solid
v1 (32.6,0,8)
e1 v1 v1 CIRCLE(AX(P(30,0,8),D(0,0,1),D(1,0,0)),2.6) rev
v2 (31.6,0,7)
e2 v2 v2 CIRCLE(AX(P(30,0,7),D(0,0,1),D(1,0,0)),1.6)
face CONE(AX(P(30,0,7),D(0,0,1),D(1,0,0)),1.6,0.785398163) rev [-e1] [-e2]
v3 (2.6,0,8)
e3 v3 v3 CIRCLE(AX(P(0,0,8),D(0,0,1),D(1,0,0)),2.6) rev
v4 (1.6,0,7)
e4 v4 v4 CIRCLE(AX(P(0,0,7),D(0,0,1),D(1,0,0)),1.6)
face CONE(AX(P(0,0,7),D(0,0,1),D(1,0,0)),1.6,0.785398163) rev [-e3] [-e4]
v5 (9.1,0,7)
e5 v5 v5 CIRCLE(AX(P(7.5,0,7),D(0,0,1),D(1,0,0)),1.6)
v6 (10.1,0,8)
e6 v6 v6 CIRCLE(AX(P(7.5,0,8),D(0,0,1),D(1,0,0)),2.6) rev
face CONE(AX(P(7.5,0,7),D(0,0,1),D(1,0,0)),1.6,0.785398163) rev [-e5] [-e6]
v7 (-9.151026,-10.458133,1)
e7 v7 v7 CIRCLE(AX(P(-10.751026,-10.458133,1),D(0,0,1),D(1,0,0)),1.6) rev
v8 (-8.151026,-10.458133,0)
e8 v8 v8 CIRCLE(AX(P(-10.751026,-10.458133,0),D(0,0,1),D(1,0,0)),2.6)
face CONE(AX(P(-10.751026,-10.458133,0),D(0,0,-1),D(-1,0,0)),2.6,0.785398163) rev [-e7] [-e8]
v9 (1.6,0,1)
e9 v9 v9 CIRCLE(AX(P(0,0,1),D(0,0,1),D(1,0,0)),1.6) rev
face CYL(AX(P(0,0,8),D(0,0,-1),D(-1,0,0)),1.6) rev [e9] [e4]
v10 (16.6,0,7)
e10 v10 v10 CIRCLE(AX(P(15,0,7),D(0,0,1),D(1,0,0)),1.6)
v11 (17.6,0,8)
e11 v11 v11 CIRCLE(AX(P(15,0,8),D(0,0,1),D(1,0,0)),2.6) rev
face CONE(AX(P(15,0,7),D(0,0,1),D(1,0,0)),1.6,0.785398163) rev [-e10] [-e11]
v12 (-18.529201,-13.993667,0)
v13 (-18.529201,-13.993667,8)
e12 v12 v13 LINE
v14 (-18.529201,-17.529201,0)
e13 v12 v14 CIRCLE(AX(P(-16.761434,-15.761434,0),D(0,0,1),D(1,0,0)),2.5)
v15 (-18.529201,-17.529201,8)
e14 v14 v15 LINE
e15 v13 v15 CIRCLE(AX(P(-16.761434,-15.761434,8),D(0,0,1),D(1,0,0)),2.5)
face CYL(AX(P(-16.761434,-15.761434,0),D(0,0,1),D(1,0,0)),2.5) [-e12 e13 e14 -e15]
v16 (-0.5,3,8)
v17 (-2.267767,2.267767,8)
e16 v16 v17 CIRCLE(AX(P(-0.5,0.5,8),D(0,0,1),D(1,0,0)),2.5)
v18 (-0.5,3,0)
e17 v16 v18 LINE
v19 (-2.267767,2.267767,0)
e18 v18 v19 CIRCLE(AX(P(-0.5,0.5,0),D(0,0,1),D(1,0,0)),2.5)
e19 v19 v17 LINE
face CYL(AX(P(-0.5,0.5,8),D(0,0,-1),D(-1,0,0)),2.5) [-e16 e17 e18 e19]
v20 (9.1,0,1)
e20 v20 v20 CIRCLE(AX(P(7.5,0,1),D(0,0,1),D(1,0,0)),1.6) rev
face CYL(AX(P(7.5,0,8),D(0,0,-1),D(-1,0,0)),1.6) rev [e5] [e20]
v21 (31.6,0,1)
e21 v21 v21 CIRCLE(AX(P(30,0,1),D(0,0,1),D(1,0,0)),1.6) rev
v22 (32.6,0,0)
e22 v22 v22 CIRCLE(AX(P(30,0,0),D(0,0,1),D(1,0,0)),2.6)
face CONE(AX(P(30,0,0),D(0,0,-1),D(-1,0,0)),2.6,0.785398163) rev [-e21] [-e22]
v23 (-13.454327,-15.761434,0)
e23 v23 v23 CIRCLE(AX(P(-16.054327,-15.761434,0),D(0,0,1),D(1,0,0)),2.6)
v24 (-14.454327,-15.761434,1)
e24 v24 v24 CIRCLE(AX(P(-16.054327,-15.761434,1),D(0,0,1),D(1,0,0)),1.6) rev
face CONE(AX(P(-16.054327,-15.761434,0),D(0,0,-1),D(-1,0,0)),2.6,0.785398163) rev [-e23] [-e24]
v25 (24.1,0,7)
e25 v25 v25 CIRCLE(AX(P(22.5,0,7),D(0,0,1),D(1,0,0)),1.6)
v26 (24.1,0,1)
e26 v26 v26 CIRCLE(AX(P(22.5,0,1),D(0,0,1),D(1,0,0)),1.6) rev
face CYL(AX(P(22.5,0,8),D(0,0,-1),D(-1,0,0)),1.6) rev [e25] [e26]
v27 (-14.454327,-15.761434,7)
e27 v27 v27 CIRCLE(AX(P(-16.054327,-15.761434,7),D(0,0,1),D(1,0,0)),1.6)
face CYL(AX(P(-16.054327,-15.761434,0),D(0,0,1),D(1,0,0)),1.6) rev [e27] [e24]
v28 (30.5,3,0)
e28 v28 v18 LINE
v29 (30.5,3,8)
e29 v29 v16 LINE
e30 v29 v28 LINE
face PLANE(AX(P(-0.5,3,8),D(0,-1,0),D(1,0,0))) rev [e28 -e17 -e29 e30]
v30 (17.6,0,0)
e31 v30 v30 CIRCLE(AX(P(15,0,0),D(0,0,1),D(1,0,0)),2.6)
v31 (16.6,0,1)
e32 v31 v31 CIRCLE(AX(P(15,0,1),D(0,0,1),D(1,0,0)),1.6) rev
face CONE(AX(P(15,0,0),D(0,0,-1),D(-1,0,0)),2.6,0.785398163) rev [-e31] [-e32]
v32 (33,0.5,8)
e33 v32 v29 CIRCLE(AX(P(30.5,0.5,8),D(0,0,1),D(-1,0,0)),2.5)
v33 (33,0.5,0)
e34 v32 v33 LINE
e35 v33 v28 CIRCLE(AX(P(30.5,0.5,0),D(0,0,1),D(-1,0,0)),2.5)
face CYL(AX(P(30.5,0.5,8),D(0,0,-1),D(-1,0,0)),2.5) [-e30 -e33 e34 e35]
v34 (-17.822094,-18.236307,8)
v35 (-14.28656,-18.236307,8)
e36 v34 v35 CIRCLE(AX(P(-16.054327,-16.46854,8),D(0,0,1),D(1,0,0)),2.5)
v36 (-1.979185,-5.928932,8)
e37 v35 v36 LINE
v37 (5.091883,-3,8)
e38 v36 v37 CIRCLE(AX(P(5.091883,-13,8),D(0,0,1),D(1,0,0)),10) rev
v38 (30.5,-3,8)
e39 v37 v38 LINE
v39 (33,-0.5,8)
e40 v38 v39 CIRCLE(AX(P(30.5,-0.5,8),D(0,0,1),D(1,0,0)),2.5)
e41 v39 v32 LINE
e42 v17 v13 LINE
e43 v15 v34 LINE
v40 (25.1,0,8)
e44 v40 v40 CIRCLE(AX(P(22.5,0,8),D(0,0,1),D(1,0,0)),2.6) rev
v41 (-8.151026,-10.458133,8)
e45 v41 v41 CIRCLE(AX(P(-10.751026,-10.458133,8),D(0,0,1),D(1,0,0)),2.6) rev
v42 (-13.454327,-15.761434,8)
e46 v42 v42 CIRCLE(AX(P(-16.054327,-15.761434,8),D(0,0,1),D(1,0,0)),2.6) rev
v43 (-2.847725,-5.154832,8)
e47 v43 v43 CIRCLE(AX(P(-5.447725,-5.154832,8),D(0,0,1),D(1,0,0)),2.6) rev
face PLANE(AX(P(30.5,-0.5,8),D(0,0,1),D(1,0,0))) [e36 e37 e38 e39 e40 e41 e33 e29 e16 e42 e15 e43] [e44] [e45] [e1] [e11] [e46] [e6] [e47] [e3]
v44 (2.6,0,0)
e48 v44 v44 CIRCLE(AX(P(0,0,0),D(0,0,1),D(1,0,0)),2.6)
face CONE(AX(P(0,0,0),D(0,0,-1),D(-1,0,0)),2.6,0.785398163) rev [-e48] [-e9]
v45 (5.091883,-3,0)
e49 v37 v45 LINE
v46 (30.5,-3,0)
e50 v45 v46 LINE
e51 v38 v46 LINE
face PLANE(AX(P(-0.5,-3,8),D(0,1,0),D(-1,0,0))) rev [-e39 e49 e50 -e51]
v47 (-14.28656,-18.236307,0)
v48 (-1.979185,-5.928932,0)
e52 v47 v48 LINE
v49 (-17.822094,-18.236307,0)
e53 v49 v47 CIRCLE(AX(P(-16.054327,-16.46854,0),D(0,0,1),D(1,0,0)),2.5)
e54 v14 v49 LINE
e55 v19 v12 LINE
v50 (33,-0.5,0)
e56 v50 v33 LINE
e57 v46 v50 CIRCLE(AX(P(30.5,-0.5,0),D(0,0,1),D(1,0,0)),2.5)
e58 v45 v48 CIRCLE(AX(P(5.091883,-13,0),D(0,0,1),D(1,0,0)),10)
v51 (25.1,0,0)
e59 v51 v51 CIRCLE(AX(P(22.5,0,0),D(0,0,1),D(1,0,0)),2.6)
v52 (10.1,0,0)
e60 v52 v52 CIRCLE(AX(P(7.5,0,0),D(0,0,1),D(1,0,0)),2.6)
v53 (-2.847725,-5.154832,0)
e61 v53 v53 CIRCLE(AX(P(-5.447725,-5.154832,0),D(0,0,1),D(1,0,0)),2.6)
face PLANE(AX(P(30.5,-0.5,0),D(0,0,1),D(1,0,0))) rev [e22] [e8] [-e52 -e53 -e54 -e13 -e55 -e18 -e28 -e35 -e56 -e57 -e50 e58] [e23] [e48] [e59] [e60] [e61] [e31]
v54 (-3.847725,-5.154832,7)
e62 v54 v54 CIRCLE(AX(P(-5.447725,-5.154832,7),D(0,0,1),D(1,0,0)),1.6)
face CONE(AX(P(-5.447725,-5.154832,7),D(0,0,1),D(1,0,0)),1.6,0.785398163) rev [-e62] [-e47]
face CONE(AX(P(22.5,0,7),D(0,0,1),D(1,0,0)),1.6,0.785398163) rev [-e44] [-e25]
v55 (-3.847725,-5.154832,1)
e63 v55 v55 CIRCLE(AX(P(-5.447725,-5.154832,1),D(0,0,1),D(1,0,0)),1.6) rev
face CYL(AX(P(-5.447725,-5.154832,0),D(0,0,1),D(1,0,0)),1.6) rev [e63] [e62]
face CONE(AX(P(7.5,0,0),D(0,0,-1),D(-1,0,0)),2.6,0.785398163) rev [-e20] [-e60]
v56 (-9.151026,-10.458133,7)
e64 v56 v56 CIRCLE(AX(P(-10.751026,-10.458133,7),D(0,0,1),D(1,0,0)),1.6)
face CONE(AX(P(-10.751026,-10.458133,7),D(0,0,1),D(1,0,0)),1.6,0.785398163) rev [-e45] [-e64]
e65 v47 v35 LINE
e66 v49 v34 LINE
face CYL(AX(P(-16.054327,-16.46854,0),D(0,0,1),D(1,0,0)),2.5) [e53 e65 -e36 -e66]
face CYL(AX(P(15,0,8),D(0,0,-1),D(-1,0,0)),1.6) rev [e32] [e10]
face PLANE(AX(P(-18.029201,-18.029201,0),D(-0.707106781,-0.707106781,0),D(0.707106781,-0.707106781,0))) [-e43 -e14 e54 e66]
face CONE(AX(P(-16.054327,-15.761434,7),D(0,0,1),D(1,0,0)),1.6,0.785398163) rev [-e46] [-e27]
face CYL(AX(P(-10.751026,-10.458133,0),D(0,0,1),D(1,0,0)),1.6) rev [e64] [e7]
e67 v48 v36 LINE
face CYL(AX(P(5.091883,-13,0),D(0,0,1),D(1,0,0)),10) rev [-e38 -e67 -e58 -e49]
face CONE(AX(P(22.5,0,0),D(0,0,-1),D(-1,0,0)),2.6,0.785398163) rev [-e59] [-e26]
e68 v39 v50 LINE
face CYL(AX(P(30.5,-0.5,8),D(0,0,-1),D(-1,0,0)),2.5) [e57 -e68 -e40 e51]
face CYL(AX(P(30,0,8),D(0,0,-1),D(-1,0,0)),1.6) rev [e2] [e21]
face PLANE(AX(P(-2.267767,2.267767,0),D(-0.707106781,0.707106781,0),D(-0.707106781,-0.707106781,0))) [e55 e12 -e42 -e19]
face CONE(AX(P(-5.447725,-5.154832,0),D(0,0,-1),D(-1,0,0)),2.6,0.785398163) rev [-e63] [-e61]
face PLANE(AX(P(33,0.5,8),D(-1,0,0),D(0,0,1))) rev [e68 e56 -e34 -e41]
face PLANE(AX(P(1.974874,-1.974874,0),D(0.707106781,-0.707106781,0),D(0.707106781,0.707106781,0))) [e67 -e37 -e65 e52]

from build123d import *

# Parameters (mm, degrees)
SKETCH1_R           = 1.6
BOSS_EXTRUDE1_DEPTH = 8
CHAMFER1_SIZE       = 1
SKETCH2_R           = 1.6
BOSS_EXTRUDE3_DEPTH = 8
FILLET1_R           = 10
CHAMFER2_SIZE       = 1


with BuildPart() as part:
    # Sketch1 → Boss-Extrude1 (new body)
    with BuildSketch(Plane.XY):
        with BuildLine():
            Line((-0.5, 3), (30.5, 3))
            ThreePointArc((30.5, 3), (32.267766953, 2.267766953), (33, 0.5))
            Line((33, 0.5), (33, -0.5))
            ThreePointArc((33, -0.5), (32.267766953, -2.267766953), (30.5, -3))
            Line((30.5, -3), (-0.5, -3))
            ThreePointArc((-0.5, -3), (-2.267766953, -2.267766953), (-3, -0.5))
            Line((-3, -0.5), (-3, 0.5))
            ThreePointArc((-3, 0.5), (-2.267766953, 2.267766953), (-0.5, 3))
        make_face()
        Circle(SKETCH1_R, mode=Mode.SUBTRACT)
        with Locations((7.5, 0)):
            Circle(SKETCH1_R, mode=Mode.SUBTRACT)
        with Locations((15, 0)):
            Circle(SKETCH1_R, mode=Mode.SUBTRACT)
        with Locations((22.5, 0)):
            Circle(SKETCH1_R, mode=Mode.SUBTRACT)
        with Locations((30, 0)):
            Circle(SKETCH1_R, mode=Mode.SUBTRACT)
    extrude(amount=BOSS_EXTRUDE1_DEPTH)

    # Chamfer1
    chamfer1_edges = [part.edges().sort_by_distance(p)[0] for p in [
        (-1.6, 0, 0),
        (-1.6, 0, 8),
        (5.9, 0, 0),
        (5.9, 0, 8),
        (13.4, 0, 0),
        (13.4, 0, 8),
        (20.9, 0, 0),
        (20.9, 0, 8),
        (28.4, 0, 0),
        (28.4, 0, 8),
    ]]
    chamfer(chamfer1_edges, length=CHAMFER1_SIZE)

    # Sketch2 → Boss-Extrude3 (add)
    with BuildSketch(Plane.XY.offset(8)):
        with BuildLine():
            ThreePointArc((-3, 0.5), (-2.809698831, 1.456708581), (-2.267766953, 2.267766953))
            Line((-2.267766953, 2.267766953), (-18.529200529, -13.993666623))
            ThreePointArc((-18.529200529, -13.993666623), (-19.261433576, -15.761433576), (-18.529200529, -17.529200529))
            Line((-18.529200529, -17.529200529), (-17.822093748, -18.23630731))
            ThreePointArc((-17.822093748, -18.23630731), (-16.054326795, -18.968540357), (-14.286559842, -18.23630731))
            Line((-14.286559842, -18.23630731), (0.949747468, -3))
            Line((0.949747468, -3), (-0.5, -3))
            ThreePointArc((-0.5, -3), (-2.267766953, -2.267766953), (-3, -0.5))
            Line((-3, -0.5), (-3, 0.5))
        make_face()
        with Locations((-16.054326795, -15.761433576)):
            Circle(SKETCH2_R, mode=Mode.SUBTRACT)
        with Locations((-10.751025936, -10.458132717)):
            Circle(SKETCH2_R, mode=Mode.SUBTRACT)
        with Locations((-5.447725077, -5.154831858)):
            Circle(SKETCH2_R, mode=Mode.SUBTRACT)
    extrude(amount=-BOSS_EXTRUDE3_DEPTH)

    # Fillet1
    fillet1_edges = [part.edges().sort_by_distance(p)[0] for p in [
        (0.949747468, -3, 4),
    ]]
    fillet(fillet1_edges, radius=FILLET1_R)

    # Chamfer2
    chamfer2_edges = [part.edges().sort_by_distance(p)[0] for p in [
        (-17.654326795, -15.761433576, 8),
        (-12.351025936, -10.458132717, 8),
        (-7.047725077, -5.154831858, 8),
        (-7.047725077, -5.154831858, 0),
        (-12.351025936, -10.458132717, 0),
        (-17.654326795, -15.761433576, 0),
    ]]
    chamfer(chamfer2_edges, length=CHAMFER2_SIZE)


solid = part.part
